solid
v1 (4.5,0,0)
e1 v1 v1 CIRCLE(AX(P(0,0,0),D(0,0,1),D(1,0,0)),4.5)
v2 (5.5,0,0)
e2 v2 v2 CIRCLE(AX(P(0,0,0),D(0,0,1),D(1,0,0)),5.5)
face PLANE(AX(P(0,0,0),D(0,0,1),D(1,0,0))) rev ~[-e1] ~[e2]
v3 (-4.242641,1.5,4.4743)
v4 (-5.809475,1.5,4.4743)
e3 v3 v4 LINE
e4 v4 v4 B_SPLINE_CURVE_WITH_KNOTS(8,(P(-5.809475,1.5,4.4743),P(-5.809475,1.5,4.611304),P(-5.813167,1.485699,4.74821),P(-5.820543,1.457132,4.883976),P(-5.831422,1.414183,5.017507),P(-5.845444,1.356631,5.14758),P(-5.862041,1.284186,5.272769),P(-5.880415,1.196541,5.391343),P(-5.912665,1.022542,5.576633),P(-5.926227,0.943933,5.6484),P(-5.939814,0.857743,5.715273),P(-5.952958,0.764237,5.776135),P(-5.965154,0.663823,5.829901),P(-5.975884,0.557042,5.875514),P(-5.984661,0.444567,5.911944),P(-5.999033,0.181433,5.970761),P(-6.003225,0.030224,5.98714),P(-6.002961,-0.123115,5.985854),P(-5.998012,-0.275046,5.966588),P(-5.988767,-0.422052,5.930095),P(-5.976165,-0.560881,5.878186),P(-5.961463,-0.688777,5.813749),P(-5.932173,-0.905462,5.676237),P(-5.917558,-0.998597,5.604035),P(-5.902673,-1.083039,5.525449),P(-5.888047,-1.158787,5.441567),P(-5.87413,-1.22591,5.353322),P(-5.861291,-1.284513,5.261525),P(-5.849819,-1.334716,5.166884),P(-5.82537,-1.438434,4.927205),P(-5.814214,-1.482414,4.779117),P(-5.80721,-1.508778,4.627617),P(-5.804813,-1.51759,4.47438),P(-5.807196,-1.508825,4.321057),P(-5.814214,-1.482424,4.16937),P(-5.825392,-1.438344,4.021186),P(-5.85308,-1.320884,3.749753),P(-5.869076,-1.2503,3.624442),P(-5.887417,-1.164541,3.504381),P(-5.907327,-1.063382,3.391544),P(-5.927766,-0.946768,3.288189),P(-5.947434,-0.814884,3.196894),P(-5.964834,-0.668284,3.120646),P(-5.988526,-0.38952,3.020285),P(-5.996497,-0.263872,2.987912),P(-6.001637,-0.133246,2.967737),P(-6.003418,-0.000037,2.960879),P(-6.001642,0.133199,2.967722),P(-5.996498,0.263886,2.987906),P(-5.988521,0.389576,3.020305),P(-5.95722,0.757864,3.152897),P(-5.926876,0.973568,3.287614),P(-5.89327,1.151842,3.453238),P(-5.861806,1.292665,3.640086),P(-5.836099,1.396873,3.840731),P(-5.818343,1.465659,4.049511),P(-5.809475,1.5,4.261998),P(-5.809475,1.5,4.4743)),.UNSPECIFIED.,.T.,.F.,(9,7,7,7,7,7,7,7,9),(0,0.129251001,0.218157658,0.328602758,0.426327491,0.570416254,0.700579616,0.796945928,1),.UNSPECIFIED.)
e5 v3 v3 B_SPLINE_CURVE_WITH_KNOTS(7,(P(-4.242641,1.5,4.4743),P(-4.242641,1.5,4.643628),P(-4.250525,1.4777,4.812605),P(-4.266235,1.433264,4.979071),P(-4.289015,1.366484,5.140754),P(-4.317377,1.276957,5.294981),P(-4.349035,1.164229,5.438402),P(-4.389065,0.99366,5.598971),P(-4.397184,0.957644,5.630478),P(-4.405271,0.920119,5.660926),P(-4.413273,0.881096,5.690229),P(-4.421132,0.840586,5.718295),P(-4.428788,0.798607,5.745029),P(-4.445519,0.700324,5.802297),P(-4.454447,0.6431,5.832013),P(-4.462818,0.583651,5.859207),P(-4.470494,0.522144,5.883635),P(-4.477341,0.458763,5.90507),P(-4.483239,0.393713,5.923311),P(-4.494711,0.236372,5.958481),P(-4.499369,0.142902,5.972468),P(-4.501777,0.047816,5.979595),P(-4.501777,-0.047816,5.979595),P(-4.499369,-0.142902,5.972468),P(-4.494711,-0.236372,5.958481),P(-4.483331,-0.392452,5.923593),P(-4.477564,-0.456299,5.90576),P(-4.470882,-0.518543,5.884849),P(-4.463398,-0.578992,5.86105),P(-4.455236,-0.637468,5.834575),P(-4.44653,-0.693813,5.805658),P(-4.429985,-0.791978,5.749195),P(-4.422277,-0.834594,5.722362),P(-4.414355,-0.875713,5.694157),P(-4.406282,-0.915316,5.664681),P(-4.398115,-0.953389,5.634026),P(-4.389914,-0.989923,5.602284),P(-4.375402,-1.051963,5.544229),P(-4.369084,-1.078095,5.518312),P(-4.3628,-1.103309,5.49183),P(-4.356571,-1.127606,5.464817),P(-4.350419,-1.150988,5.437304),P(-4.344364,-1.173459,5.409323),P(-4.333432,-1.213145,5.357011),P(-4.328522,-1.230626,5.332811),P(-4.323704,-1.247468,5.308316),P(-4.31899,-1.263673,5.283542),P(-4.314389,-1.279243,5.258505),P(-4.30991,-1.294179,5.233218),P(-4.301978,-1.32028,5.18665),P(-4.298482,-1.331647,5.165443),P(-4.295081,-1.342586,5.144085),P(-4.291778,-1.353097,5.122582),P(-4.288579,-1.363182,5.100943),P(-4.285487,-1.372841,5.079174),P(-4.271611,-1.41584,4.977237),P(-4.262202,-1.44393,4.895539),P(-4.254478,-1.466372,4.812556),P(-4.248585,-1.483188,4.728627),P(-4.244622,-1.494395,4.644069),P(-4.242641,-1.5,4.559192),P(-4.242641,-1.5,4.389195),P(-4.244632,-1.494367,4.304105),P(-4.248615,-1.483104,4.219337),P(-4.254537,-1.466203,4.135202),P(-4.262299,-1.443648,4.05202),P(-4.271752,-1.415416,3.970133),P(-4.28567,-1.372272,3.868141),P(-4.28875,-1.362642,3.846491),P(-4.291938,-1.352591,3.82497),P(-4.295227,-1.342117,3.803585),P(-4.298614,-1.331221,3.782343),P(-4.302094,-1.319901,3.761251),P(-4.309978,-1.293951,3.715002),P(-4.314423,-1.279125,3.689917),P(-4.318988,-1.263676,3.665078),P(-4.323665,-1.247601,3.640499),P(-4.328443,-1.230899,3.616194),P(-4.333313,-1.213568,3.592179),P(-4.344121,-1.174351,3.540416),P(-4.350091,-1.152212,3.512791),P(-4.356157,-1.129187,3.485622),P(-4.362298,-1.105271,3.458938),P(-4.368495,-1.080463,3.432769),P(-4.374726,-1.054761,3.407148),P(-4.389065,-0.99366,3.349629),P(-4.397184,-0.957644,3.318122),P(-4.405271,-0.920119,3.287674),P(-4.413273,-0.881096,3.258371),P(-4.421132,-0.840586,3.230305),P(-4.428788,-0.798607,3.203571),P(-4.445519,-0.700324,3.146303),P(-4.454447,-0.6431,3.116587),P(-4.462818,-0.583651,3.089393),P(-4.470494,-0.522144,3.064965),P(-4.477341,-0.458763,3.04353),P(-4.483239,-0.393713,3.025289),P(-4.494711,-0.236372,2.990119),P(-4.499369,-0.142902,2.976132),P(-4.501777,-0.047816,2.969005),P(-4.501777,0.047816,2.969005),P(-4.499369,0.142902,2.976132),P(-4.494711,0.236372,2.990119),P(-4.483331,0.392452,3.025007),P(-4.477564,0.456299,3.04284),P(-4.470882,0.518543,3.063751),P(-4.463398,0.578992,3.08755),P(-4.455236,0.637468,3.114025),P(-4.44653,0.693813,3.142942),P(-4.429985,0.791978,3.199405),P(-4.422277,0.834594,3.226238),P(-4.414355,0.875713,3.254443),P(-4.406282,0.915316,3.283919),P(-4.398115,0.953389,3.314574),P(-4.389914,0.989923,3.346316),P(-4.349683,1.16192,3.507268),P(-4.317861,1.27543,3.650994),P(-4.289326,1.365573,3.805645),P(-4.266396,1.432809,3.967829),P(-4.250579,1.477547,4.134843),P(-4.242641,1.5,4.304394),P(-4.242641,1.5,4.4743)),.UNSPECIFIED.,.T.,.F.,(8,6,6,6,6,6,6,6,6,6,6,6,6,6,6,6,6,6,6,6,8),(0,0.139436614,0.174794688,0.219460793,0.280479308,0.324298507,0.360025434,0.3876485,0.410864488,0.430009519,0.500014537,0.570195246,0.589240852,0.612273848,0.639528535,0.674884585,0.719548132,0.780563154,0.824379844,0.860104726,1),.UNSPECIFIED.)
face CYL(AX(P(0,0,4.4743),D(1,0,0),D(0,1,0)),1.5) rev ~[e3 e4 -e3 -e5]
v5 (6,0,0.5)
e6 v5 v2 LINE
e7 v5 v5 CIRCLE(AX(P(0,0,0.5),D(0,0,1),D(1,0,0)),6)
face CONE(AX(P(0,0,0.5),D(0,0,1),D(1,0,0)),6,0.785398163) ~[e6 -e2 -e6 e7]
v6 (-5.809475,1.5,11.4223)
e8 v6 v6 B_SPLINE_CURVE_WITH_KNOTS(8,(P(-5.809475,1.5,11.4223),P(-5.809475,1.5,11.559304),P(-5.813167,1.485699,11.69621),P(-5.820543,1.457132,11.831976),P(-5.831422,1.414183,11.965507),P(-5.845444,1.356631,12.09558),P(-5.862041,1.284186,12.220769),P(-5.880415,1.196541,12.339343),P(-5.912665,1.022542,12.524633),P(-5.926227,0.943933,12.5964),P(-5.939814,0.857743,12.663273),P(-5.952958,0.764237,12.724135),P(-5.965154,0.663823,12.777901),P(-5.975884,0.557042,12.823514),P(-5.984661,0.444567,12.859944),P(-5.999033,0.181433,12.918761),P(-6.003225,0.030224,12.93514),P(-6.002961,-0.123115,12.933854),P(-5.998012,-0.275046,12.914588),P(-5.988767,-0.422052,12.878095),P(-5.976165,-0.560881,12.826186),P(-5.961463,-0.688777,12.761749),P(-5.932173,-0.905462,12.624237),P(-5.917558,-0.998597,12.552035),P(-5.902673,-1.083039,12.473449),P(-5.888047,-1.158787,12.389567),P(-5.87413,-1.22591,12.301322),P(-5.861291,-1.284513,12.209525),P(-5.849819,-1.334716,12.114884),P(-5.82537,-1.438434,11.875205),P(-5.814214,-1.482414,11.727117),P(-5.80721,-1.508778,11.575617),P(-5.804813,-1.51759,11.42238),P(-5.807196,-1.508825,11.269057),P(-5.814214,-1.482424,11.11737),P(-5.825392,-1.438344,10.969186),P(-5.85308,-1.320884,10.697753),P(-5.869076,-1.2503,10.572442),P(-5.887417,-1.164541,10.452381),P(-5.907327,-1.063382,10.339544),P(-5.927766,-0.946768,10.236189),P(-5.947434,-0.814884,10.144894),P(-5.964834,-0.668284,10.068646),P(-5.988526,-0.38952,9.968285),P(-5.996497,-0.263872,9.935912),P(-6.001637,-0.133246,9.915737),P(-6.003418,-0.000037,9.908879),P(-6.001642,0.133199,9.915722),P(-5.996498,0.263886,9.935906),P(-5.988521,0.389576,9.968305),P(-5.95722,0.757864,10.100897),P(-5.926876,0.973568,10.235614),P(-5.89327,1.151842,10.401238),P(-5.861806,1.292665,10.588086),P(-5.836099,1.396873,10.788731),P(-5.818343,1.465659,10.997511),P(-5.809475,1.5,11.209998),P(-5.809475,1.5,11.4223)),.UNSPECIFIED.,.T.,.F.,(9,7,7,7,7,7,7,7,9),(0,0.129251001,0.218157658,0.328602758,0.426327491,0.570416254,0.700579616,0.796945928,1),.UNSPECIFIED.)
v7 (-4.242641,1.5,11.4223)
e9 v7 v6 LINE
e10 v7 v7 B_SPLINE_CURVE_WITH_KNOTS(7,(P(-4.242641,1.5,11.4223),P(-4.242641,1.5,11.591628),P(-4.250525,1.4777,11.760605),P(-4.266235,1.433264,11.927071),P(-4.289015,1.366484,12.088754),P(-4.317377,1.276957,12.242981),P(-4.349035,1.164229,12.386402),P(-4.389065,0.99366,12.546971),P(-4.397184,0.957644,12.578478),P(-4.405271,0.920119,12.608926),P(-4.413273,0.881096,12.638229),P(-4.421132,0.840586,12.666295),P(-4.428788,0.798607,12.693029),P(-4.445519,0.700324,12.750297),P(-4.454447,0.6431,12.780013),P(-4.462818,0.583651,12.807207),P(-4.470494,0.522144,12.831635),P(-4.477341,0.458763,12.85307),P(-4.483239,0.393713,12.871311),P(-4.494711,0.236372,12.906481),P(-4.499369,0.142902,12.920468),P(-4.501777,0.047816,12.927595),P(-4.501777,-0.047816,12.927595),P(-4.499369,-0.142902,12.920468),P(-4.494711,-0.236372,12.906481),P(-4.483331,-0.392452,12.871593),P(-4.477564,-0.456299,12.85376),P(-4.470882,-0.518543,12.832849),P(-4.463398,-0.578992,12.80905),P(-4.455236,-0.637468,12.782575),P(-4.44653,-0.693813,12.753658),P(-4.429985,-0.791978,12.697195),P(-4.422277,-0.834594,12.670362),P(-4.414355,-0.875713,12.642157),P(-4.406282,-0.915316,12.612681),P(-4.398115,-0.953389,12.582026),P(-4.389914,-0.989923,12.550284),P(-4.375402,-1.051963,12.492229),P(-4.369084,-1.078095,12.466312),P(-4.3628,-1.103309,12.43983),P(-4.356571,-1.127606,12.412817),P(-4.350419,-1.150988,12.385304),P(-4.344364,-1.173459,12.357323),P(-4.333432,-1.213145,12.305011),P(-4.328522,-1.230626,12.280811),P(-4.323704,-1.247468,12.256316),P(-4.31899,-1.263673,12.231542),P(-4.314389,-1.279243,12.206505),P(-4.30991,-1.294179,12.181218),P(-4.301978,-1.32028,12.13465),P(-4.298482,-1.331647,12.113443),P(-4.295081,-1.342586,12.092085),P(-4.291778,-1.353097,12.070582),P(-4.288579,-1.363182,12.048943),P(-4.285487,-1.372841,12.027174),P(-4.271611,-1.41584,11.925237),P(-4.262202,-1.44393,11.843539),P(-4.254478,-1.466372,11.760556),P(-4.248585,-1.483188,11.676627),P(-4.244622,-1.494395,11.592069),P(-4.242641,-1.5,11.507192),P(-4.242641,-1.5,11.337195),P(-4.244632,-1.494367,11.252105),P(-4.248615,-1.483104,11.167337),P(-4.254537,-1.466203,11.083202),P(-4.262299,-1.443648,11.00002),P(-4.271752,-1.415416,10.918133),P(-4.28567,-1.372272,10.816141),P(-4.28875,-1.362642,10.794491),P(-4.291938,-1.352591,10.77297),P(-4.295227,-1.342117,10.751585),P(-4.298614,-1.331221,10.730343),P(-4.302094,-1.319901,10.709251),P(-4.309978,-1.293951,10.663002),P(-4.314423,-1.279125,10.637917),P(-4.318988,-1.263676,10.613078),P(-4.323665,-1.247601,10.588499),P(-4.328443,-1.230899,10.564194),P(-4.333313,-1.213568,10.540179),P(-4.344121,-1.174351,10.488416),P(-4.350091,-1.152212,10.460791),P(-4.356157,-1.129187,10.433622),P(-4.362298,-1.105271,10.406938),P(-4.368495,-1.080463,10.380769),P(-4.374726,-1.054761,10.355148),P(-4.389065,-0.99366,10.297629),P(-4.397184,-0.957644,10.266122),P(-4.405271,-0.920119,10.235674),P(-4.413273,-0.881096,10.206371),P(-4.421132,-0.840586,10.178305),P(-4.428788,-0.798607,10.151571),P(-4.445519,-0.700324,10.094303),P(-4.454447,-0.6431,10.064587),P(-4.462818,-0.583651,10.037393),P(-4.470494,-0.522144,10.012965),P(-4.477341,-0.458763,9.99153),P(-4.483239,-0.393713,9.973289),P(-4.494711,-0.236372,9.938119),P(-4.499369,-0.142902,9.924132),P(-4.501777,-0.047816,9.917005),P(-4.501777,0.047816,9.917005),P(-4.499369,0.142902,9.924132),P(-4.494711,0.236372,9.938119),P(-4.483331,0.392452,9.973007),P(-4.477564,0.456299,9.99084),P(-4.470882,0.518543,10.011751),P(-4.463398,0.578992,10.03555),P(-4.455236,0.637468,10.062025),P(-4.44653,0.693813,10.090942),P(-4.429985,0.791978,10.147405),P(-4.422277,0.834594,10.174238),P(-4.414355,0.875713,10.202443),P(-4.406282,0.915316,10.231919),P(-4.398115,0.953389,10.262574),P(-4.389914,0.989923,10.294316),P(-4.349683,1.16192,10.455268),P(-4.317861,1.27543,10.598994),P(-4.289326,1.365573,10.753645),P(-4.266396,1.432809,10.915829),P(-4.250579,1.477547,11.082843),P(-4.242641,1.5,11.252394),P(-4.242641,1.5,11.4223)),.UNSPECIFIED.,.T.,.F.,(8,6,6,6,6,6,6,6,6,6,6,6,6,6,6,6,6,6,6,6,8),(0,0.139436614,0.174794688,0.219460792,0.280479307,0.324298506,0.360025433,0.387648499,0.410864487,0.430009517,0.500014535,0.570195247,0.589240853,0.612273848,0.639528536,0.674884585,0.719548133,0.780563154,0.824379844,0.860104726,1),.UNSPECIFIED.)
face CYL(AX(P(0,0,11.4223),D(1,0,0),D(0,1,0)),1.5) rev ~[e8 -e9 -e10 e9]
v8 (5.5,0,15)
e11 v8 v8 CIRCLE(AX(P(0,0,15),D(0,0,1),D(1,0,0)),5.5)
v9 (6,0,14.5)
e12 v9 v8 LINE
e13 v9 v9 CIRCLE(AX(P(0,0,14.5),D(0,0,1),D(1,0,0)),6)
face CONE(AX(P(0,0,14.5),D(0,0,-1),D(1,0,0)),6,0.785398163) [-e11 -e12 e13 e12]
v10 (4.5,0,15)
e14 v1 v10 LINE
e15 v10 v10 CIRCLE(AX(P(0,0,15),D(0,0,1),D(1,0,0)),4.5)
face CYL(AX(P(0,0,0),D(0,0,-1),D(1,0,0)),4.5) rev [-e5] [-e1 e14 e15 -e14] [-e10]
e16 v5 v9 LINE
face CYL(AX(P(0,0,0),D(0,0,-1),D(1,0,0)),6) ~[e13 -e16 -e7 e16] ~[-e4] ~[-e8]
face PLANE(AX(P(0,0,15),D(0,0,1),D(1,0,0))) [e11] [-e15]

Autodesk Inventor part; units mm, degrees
ref_plane "YZ Plane" through (0, 0, 0) normal (1, 0, 0) x (0, 1, 0)
ref_plane "XZ Plane" through (0, 0, 0) normal (0, 1, 0) x (-1, 0, 0)
ref_plane "XY Plane" through (0, 0, 0) normal (0, 0, 1) x (1, 0, 0)
sketch "Sketch1" plane through (0, 0, 0) normal (0, 0, 1) x (1, 0, 0)
  circle A0 centre (0, 0) radius 4.5
  circle A1 centre (0, 0) radius 6
  dimension "d0" = 9
  dimension "d1" = 12
extrude "Extrusion1" add sketch "Sketch1" along normal blind 15
chamfer "Chamfer1" distance 0.5 angle 45 2 edges at (-6, 0, 15) (-6, 0, 0)
sketch "Sketch2" plane through (0, 0, 0) normal (1, 0, 0) x (0, 1, 0)
  circle A0 centre (0, 11.4223) radius 1.5
  circle A1 centre (0, 4.4743) radius 1.5
  point P0 (0, 0)
  dimension "d7" = 3
  dimension "d8" = 3
extrude "Extrusion2" cut sketch "Sketch2" against normal blind 10
thread "Thread1" size "M3x0.5" class "6H" standard "ANSI Metric M Profile" full length
thread "Thread2" size "M3x0.5" class "6H" standard "ANSI Metric M Profile" full length
equation "\"BendRadius\" = Thickness"
equation "\"BendReliefWidth\" = Thickness"
equation "\"BendReliefDepth\" = 0.5 * Thickness"
equation "\"CornerReliefSize\" = 4 * Thickness"
equation "\"MinimumRemnant\" = 2 * Thickness"
equation "\"TransitionRadius\" = BendRadius"
equation "\"JacobiRadiusSize\" = BendRadius"
equation "\"GapSize\" = Thickness"
equation "\"Thickness\" = 0.5"
properties part number "khớp nối"
